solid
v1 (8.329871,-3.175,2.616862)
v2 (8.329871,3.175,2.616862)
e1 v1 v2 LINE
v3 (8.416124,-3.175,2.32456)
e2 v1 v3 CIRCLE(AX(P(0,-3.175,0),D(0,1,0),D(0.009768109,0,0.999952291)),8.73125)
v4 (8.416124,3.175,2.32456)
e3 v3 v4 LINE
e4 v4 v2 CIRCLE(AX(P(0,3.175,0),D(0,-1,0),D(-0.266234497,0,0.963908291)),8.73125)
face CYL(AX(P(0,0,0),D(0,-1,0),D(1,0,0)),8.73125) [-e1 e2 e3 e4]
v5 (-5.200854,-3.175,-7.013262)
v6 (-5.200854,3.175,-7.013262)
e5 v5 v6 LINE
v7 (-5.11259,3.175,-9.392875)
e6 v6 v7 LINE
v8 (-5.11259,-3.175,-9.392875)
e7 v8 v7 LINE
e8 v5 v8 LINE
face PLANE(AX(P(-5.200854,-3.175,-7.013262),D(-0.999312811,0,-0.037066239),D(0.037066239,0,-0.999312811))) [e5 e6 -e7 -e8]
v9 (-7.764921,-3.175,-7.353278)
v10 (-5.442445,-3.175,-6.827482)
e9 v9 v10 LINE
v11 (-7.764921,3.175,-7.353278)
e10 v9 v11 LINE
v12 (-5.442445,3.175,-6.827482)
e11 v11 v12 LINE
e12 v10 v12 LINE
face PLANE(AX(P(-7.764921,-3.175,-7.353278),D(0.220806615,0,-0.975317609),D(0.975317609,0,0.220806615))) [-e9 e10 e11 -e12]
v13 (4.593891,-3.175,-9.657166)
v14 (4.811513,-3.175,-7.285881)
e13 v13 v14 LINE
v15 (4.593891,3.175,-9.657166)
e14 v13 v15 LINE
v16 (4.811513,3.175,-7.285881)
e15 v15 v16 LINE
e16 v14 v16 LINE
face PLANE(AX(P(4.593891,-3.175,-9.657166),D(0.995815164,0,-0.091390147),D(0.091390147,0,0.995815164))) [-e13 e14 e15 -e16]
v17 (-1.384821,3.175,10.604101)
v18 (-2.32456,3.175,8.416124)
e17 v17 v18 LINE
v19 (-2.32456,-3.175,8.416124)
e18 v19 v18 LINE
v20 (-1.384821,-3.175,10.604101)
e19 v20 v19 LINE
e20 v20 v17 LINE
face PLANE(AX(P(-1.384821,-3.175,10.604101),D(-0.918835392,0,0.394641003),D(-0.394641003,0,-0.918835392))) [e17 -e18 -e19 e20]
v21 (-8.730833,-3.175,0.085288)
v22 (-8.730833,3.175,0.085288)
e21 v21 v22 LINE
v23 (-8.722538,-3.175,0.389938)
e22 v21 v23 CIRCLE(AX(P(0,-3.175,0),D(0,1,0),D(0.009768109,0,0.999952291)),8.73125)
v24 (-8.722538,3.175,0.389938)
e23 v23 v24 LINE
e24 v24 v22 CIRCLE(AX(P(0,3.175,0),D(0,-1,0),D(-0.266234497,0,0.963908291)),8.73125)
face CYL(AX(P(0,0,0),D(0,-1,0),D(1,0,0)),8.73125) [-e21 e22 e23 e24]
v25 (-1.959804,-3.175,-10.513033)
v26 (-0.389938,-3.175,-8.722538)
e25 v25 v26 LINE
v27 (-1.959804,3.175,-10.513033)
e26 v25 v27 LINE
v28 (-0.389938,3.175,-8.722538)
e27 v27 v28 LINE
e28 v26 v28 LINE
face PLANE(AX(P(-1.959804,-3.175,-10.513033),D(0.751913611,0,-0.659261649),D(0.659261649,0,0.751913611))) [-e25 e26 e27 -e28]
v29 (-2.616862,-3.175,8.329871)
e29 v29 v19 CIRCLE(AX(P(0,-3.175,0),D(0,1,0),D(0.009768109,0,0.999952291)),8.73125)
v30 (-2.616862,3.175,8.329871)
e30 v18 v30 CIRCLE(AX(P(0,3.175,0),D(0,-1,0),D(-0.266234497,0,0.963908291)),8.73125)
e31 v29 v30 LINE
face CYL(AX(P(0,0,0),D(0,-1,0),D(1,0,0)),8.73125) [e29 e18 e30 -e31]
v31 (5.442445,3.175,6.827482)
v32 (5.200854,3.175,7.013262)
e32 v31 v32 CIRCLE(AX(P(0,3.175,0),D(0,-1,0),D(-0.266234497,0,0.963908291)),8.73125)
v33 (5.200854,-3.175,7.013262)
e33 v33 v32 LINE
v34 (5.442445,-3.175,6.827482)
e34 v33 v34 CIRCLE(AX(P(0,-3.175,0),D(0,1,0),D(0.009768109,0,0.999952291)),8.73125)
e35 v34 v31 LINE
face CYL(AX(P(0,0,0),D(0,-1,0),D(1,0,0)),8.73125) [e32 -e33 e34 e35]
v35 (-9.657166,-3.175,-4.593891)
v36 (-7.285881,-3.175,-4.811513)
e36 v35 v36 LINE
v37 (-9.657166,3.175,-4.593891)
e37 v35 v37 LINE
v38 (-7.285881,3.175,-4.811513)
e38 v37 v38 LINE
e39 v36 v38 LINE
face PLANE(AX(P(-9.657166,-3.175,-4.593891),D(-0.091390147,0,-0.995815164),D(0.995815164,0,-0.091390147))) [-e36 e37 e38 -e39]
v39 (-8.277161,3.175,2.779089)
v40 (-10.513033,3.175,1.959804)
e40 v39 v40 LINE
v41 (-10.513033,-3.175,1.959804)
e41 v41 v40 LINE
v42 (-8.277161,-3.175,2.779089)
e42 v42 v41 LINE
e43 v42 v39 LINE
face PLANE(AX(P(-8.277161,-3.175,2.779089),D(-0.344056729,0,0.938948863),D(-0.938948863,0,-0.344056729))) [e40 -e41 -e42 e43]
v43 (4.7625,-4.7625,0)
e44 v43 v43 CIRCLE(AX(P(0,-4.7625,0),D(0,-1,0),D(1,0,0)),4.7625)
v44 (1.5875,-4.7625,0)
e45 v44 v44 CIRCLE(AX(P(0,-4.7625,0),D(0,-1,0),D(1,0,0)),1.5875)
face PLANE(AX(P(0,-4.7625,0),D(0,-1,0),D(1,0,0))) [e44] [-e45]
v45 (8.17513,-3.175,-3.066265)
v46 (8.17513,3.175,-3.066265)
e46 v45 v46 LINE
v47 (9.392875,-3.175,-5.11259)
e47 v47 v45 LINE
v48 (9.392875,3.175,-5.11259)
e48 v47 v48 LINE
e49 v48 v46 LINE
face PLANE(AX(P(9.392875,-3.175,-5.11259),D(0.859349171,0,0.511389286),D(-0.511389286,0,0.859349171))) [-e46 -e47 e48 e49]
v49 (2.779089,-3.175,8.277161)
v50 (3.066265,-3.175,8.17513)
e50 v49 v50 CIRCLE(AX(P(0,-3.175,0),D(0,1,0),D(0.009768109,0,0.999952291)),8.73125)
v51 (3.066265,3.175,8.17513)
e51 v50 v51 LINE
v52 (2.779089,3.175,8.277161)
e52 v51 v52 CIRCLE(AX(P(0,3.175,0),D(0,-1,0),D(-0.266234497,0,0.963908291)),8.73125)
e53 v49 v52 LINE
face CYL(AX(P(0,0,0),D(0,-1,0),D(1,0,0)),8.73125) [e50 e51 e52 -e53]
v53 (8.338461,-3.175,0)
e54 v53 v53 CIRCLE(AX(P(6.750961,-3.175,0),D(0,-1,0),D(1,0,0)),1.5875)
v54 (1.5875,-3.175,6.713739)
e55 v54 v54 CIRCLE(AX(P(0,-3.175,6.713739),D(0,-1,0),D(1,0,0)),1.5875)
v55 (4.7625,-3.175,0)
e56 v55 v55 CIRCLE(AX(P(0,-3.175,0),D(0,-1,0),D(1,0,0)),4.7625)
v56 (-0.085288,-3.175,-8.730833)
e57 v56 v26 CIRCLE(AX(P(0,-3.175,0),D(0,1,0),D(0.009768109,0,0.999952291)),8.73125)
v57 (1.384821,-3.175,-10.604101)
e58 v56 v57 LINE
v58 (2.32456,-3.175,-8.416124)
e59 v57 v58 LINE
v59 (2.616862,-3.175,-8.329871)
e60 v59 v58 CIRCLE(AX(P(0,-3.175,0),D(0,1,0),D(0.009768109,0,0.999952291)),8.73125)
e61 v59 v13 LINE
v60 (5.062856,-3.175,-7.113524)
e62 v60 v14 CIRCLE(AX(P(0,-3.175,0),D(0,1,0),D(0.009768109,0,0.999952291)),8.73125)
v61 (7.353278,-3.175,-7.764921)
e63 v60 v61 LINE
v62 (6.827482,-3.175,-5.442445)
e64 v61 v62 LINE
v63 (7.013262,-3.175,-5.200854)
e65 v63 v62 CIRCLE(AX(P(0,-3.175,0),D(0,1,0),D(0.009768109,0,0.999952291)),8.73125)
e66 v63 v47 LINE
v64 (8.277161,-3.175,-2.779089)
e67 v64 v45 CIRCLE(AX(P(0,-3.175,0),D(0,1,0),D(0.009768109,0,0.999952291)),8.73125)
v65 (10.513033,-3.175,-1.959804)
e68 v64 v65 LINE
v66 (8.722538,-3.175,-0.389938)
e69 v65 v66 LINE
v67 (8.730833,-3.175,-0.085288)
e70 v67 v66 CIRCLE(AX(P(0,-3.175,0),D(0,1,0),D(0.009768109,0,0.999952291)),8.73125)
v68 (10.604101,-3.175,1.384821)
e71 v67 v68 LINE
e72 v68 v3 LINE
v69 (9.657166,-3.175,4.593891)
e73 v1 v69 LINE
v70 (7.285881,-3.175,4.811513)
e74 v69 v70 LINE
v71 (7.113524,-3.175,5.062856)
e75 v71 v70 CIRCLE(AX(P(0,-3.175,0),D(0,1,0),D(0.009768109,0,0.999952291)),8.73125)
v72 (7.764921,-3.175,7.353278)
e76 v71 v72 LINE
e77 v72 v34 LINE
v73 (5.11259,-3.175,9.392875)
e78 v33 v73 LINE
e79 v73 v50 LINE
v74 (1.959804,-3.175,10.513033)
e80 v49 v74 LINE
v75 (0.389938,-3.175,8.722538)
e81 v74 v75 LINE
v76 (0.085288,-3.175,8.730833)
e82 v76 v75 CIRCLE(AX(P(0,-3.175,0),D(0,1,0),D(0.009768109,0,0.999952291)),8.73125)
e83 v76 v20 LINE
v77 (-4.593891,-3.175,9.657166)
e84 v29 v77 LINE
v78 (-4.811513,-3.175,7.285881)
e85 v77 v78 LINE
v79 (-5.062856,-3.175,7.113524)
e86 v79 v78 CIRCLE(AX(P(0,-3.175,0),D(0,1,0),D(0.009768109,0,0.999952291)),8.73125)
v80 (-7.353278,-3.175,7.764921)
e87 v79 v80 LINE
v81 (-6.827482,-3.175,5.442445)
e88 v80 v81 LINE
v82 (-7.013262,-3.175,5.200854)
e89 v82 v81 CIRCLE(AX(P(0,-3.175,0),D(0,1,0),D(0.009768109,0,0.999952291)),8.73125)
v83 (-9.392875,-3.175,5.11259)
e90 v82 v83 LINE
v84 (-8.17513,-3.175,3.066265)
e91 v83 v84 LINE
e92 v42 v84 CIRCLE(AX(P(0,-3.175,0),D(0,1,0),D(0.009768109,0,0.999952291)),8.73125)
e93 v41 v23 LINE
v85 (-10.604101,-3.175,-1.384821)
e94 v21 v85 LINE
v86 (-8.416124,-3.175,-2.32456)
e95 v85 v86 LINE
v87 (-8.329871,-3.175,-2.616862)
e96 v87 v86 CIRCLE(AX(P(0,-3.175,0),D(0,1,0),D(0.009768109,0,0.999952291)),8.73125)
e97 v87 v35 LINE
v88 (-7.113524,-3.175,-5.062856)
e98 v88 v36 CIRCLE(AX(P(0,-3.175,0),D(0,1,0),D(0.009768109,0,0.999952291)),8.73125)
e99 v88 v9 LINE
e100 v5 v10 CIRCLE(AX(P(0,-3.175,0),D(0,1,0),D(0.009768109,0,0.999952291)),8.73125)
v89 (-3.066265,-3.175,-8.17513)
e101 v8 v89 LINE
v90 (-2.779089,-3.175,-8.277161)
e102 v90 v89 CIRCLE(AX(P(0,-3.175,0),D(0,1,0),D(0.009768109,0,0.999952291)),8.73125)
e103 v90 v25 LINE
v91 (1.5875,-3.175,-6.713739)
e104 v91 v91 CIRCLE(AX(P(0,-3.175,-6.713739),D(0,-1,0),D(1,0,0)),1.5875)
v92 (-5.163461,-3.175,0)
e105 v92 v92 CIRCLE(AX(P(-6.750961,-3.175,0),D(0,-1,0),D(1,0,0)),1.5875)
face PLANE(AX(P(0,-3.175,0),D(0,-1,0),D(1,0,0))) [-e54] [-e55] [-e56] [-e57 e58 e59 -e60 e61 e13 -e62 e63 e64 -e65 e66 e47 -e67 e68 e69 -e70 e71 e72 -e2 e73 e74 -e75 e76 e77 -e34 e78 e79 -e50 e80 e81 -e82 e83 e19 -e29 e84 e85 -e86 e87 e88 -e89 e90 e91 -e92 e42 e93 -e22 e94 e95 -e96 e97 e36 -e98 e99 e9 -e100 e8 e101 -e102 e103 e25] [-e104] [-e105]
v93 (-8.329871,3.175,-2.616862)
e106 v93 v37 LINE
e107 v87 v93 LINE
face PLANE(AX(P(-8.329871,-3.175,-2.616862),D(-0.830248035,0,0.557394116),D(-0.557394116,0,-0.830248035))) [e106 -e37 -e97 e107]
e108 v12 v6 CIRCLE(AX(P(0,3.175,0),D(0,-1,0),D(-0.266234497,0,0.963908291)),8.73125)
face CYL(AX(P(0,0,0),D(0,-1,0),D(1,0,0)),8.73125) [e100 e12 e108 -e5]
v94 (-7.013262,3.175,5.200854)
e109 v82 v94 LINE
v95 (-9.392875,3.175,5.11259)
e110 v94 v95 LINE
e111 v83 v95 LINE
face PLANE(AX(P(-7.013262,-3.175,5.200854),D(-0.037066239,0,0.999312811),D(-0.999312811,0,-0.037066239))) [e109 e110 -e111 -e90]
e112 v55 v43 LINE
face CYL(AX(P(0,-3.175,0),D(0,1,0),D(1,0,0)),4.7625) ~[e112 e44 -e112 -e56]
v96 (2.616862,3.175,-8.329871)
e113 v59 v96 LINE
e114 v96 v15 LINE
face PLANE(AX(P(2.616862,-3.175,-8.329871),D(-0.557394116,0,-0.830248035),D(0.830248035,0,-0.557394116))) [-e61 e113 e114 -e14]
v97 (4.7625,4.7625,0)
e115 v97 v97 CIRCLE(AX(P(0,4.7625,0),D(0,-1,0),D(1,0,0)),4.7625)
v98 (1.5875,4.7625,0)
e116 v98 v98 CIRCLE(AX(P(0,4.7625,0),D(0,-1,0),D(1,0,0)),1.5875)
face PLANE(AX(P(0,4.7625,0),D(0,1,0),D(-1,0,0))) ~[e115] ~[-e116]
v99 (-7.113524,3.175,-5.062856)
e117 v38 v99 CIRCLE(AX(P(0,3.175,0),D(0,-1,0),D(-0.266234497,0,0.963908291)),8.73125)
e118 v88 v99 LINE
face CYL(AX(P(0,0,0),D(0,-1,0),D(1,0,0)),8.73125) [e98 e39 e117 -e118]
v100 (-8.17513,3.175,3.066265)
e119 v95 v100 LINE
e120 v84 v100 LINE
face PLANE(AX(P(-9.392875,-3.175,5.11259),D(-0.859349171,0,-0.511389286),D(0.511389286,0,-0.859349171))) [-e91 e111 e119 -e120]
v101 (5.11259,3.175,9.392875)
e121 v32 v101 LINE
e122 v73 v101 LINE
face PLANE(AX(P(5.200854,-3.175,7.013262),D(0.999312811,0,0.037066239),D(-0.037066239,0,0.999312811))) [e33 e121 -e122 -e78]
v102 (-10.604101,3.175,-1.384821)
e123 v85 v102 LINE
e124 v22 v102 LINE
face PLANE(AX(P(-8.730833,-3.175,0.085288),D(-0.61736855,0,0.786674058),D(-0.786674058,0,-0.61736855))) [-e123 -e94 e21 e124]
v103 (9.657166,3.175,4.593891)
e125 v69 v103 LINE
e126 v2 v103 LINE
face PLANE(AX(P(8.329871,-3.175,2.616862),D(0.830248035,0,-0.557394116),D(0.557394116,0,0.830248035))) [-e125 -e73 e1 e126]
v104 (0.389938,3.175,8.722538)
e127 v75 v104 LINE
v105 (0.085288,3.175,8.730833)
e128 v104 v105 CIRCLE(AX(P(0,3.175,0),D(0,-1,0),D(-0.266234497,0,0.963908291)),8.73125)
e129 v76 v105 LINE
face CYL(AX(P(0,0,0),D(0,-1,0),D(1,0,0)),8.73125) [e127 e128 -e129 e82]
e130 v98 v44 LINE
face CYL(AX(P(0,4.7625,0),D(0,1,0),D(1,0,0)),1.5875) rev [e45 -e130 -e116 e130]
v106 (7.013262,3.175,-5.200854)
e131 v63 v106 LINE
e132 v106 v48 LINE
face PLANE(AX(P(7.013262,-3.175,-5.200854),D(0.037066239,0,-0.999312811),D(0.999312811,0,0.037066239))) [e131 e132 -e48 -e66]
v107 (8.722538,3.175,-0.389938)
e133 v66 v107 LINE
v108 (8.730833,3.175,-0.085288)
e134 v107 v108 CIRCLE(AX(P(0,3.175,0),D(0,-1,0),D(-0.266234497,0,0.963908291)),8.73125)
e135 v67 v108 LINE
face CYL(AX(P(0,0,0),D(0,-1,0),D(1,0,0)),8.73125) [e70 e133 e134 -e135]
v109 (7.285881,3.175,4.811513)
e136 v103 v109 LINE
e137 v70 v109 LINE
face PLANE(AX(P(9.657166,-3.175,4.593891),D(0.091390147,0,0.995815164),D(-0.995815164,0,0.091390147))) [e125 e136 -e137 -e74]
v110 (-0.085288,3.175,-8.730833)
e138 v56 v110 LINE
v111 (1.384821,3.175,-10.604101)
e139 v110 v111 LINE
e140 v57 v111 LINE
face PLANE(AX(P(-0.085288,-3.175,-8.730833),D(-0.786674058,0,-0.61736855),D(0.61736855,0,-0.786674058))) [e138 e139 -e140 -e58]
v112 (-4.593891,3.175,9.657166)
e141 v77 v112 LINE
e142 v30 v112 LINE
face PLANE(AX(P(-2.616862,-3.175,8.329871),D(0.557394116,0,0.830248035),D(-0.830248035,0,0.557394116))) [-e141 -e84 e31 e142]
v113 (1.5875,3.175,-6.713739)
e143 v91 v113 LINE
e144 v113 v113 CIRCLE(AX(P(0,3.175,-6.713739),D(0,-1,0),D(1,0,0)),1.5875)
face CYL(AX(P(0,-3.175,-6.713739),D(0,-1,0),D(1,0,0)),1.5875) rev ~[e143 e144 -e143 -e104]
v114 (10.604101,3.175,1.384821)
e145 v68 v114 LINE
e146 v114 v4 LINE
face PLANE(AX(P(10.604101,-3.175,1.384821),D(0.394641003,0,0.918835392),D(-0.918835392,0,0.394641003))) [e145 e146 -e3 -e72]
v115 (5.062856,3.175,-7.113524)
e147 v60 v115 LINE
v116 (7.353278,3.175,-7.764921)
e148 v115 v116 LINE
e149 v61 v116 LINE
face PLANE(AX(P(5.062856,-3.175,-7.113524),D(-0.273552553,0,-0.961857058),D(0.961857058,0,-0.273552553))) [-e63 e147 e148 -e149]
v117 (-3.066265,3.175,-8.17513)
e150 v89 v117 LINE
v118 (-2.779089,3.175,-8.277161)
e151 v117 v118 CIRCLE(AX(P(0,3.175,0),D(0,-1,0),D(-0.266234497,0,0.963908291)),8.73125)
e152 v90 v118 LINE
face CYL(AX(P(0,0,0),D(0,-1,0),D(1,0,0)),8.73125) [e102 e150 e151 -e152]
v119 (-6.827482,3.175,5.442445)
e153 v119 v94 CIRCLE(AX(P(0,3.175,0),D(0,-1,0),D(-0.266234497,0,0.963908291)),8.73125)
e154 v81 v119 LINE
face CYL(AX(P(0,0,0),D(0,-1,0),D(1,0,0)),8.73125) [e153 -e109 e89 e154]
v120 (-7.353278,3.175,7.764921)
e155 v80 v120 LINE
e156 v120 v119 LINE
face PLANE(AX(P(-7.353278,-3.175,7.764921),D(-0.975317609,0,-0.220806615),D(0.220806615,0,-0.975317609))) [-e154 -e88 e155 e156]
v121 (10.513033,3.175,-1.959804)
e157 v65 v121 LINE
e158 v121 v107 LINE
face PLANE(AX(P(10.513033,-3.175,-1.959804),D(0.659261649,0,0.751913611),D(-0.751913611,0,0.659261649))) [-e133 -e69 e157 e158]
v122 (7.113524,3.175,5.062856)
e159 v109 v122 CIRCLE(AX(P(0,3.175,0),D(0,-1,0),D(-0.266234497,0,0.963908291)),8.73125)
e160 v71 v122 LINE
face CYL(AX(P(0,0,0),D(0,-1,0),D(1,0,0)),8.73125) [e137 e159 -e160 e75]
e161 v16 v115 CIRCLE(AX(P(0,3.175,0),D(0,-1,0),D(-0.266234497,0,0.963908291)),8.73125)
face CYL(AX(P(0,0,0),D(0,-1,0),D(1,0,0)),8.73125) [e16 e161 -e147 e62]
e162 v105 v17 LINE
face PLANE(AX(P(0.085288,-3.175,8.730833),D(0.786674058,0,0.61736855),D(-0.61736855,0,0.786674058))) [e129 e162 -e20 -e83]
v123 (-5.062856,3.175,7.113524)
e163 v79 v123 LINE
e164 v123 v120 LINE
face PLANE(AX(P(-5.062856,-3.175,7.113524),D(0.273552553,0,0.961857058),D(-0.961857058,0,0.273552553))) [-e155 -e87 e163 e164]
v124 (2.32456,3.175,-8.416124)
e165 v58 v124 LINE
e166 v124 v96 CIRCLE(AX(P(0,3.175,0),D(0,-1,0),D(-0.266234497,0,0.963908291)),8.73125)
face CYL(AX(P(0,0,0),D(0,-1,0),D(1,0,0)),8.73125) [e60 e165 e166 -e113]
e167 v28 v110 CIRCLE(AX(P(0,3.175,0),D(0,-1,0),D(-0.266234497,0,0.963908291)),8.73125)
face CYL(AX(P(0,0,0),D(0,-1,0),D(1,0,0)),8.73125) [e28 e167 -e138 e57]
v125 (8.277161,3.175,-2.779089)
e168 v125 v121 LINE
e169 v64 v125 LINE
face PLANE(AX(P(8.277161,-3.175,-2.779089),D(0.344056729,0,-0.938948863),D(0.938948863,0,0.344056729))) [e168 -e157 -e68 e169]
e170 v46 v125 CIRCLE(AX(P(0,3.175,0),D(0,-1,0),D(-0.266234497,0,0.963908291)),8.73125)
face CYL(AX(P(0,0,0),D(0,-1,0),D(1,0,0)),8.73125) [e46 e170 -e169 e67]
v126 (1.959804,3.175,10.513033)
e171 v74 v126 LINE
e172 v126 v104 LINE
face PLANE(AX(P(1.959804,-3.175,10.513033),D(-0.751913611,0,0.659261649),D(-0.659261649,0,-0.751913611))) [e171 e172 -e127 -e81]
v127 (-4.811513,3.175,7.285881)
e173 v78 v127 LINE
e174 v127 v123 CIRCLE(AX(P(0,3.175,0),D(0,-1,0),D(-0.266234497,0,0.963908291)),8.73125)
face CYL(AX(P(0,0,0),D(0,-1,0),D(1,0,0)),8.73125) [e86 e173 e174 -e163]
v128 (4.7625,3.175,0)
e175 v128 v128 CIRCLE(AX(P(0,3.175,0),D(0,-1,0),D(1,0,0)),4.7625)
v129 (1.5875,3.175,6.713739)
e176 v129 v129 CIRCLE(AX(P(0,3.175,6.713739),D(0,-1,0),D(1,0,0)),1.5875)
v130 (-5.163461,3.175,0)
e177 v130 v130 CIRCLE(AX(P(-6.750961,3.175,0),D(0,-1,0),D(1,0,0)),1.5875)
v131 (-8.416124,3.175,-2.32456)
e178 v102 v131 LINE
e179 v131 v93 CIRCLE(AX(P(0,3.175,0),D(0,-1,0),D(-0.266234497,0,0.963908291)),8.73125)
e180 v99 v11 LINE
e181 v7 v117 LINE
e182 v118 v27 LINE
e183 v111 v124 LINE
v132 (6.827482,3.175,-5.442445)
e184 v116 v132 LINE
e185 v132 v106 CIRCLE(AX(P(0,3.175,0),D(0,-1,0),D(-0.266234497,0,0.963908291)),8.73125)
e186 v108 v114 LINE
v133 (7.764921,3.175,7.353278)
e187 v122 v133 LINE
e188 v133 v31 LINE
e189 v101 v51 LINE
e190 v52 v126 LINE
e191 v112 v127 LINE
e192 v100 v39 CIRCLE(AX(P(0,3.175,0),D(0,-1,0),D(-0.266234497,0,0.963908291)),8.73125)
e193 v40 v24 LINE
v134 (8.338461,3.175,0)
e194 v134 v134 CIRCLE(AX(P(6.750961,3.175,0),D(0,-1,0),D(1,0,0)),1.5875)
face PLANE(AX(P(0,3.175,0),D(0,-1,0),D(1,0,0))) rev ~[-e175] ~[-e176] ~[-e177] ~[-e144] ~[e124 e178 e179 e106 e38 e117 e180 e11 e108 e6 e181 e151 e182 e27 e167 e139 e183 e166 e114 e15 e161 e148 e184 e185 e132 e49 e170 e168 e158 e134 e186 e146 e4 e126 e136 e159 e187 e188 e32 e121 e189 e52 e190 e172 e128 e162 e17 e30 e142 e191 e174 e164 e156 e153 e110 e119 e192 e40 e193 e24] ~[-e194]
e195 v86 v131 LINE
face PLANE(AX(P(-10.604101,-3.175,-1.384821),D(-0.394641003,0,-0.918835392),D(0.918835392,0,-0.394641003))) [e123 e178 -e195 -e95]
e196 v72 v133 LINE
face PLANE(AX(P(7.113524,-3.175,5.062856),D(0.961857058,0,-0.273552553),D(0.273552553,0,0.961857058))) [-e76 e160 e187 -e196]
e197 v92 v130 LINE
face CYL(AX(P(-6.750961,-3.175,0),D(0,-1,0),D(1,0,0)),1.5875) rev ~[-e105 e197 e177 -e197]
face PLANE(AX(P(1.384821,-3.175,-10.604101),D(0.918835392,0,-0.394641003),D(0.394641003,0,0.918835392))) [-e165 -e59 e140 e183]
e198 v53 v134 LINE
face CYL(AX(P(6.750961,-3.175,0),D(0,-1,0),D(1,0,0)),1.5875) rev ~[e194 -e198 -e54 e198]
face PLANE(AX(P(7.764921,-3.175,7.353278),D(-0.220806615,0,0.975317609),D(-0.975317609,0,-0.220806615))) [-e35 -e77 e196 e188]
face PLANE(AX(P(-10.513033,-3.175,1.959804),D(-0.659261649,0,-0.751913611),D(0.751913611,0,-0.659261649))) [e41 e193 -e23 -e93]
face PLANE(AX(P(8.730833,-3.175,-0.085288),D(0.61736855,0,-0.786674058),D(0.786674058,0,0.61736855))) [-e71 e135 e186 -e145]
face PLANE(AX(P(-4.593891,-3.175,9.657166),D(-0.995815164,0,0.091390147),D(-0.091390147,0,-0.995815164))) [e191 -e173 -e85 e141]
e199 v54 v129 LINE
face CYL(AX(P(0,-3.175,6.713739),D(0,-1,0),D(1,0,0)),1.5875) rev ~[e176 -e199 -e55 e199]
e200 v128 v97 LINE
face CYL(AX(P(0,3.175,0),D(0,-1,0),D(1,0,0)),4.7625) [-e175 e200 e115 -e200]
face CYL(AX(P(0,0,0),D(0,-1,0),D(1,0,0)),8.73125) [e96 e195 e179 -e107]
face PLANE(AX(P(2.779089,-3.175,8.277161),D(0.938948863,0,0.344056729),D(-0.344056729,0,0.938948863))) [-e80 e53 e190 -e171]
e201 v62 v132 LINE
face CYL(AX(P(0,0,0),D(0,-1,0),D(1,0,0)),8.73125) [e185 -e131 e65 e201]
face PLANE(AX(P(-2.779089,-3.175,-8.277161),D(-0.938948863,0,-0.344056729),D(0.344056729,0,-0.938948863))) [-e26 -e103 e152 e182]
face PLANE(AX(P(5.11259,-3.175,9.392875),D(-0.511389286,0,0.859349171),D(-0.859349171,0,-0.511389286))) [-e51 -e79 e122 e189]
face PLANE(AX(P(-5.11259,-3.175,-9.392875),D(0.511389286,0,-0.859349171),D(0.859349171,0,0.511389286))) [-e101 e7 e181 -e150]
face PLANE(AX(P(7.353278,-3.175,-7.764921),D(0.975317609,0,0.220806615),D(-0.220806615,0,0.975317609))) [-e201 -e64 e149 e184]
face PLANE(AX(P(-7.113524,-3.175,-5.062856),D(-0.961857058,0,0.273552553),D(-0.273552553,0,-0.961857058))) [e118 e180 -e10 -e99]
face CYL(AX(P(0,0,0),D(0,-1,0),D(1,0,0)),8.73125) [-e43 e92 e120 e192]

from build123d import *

# Parameters (mm, degrees)
F0_R      = 8.73125
F1_DEPTH  = 3.175
F2_R      = 4.7625
F3_DEPTH  = 1.5875
F4_R      = 1.5875
F5_DEPTH  = 7.9385
F6_R      = 1.5875
F7_DEPTH  = 6.351
F10_DEPTH = 6.35
F11_COUNT = 20


with BuildPart() as f1:
    # F0 (on Front) → F1 (new body, symmetric)
    with BuildSketch(Plane.XZ):
        Circle(F0_R)
    extrude(amount=F1_DEPTH, both=True)

    # F2 (on face) → F3 (join)
    with BuildSketch(Plane.XZ.offset(3.175)):
        Circle(F2_R)
    extrude(amount=F3_DEPTH)

    # F4 (on face) → F5 (cut, through all)
    with BuildSketch(Plane.XZ.offset(4.7625)):
        Circle(F4_R)
    extrude(amount=-F5_DEPTH, mode=Mode.SUBTRACT)

    # F6 (on face) → F7 (cut, through all)
    with BuildSketch(Plane.XZ.offset(3.175)):
        with Locations((0, 6.7137391306)):
            Circle(F6_R)
        with Locations((0, -6.7137391306)):
            Circle(F6_R)
        with Locations((-6.750960571, 0)):
            Circle(F6_R)
        with Locations((6.750960571, 0)):
            Circle(F6_R)
    extrude(amount=-F7_DEPTH, mode=Mode.SUBTRACT)

    # F8: F1 across plane


with BuildPart() as f1_1:
    add(f1.part)
    add(f1.part.mirror(Plane.XZ))



with BuildPart() as f10:
    # F9 (on face) → F10 (new body, through all)
    with BuildSketch(Plane.XZ.offset(3.175)):
        with BuildLine():
            Line((-1.3848210597, 10.604101041), (-2.324559949, 8.4161242627))
            ThreePointArc((-2.324559949, 8.4161242627), (-1.1306393797, 8.6577353364), (0.0852877991, 8.7308334398))
            Line((0.0852877991, 8.7308334398), (-1.3848210597, 10.604101041))
        make_face()
    extrude(amount=-F10_DEPTH)


with BuildPart() as f1_2:
    add(f1_1.part)

    add(f10.part)  # F11 merges F10
    # F11: F10 ×20 about axis
    f11_axis = Axis((0, -3.175, 0), (0, -1, 0))
    for i in range(1, F11_COUNT):
        add(f10.part.rotate(f11_axis, i * 360 / F11_COUNT))


solid = f1_2.part
